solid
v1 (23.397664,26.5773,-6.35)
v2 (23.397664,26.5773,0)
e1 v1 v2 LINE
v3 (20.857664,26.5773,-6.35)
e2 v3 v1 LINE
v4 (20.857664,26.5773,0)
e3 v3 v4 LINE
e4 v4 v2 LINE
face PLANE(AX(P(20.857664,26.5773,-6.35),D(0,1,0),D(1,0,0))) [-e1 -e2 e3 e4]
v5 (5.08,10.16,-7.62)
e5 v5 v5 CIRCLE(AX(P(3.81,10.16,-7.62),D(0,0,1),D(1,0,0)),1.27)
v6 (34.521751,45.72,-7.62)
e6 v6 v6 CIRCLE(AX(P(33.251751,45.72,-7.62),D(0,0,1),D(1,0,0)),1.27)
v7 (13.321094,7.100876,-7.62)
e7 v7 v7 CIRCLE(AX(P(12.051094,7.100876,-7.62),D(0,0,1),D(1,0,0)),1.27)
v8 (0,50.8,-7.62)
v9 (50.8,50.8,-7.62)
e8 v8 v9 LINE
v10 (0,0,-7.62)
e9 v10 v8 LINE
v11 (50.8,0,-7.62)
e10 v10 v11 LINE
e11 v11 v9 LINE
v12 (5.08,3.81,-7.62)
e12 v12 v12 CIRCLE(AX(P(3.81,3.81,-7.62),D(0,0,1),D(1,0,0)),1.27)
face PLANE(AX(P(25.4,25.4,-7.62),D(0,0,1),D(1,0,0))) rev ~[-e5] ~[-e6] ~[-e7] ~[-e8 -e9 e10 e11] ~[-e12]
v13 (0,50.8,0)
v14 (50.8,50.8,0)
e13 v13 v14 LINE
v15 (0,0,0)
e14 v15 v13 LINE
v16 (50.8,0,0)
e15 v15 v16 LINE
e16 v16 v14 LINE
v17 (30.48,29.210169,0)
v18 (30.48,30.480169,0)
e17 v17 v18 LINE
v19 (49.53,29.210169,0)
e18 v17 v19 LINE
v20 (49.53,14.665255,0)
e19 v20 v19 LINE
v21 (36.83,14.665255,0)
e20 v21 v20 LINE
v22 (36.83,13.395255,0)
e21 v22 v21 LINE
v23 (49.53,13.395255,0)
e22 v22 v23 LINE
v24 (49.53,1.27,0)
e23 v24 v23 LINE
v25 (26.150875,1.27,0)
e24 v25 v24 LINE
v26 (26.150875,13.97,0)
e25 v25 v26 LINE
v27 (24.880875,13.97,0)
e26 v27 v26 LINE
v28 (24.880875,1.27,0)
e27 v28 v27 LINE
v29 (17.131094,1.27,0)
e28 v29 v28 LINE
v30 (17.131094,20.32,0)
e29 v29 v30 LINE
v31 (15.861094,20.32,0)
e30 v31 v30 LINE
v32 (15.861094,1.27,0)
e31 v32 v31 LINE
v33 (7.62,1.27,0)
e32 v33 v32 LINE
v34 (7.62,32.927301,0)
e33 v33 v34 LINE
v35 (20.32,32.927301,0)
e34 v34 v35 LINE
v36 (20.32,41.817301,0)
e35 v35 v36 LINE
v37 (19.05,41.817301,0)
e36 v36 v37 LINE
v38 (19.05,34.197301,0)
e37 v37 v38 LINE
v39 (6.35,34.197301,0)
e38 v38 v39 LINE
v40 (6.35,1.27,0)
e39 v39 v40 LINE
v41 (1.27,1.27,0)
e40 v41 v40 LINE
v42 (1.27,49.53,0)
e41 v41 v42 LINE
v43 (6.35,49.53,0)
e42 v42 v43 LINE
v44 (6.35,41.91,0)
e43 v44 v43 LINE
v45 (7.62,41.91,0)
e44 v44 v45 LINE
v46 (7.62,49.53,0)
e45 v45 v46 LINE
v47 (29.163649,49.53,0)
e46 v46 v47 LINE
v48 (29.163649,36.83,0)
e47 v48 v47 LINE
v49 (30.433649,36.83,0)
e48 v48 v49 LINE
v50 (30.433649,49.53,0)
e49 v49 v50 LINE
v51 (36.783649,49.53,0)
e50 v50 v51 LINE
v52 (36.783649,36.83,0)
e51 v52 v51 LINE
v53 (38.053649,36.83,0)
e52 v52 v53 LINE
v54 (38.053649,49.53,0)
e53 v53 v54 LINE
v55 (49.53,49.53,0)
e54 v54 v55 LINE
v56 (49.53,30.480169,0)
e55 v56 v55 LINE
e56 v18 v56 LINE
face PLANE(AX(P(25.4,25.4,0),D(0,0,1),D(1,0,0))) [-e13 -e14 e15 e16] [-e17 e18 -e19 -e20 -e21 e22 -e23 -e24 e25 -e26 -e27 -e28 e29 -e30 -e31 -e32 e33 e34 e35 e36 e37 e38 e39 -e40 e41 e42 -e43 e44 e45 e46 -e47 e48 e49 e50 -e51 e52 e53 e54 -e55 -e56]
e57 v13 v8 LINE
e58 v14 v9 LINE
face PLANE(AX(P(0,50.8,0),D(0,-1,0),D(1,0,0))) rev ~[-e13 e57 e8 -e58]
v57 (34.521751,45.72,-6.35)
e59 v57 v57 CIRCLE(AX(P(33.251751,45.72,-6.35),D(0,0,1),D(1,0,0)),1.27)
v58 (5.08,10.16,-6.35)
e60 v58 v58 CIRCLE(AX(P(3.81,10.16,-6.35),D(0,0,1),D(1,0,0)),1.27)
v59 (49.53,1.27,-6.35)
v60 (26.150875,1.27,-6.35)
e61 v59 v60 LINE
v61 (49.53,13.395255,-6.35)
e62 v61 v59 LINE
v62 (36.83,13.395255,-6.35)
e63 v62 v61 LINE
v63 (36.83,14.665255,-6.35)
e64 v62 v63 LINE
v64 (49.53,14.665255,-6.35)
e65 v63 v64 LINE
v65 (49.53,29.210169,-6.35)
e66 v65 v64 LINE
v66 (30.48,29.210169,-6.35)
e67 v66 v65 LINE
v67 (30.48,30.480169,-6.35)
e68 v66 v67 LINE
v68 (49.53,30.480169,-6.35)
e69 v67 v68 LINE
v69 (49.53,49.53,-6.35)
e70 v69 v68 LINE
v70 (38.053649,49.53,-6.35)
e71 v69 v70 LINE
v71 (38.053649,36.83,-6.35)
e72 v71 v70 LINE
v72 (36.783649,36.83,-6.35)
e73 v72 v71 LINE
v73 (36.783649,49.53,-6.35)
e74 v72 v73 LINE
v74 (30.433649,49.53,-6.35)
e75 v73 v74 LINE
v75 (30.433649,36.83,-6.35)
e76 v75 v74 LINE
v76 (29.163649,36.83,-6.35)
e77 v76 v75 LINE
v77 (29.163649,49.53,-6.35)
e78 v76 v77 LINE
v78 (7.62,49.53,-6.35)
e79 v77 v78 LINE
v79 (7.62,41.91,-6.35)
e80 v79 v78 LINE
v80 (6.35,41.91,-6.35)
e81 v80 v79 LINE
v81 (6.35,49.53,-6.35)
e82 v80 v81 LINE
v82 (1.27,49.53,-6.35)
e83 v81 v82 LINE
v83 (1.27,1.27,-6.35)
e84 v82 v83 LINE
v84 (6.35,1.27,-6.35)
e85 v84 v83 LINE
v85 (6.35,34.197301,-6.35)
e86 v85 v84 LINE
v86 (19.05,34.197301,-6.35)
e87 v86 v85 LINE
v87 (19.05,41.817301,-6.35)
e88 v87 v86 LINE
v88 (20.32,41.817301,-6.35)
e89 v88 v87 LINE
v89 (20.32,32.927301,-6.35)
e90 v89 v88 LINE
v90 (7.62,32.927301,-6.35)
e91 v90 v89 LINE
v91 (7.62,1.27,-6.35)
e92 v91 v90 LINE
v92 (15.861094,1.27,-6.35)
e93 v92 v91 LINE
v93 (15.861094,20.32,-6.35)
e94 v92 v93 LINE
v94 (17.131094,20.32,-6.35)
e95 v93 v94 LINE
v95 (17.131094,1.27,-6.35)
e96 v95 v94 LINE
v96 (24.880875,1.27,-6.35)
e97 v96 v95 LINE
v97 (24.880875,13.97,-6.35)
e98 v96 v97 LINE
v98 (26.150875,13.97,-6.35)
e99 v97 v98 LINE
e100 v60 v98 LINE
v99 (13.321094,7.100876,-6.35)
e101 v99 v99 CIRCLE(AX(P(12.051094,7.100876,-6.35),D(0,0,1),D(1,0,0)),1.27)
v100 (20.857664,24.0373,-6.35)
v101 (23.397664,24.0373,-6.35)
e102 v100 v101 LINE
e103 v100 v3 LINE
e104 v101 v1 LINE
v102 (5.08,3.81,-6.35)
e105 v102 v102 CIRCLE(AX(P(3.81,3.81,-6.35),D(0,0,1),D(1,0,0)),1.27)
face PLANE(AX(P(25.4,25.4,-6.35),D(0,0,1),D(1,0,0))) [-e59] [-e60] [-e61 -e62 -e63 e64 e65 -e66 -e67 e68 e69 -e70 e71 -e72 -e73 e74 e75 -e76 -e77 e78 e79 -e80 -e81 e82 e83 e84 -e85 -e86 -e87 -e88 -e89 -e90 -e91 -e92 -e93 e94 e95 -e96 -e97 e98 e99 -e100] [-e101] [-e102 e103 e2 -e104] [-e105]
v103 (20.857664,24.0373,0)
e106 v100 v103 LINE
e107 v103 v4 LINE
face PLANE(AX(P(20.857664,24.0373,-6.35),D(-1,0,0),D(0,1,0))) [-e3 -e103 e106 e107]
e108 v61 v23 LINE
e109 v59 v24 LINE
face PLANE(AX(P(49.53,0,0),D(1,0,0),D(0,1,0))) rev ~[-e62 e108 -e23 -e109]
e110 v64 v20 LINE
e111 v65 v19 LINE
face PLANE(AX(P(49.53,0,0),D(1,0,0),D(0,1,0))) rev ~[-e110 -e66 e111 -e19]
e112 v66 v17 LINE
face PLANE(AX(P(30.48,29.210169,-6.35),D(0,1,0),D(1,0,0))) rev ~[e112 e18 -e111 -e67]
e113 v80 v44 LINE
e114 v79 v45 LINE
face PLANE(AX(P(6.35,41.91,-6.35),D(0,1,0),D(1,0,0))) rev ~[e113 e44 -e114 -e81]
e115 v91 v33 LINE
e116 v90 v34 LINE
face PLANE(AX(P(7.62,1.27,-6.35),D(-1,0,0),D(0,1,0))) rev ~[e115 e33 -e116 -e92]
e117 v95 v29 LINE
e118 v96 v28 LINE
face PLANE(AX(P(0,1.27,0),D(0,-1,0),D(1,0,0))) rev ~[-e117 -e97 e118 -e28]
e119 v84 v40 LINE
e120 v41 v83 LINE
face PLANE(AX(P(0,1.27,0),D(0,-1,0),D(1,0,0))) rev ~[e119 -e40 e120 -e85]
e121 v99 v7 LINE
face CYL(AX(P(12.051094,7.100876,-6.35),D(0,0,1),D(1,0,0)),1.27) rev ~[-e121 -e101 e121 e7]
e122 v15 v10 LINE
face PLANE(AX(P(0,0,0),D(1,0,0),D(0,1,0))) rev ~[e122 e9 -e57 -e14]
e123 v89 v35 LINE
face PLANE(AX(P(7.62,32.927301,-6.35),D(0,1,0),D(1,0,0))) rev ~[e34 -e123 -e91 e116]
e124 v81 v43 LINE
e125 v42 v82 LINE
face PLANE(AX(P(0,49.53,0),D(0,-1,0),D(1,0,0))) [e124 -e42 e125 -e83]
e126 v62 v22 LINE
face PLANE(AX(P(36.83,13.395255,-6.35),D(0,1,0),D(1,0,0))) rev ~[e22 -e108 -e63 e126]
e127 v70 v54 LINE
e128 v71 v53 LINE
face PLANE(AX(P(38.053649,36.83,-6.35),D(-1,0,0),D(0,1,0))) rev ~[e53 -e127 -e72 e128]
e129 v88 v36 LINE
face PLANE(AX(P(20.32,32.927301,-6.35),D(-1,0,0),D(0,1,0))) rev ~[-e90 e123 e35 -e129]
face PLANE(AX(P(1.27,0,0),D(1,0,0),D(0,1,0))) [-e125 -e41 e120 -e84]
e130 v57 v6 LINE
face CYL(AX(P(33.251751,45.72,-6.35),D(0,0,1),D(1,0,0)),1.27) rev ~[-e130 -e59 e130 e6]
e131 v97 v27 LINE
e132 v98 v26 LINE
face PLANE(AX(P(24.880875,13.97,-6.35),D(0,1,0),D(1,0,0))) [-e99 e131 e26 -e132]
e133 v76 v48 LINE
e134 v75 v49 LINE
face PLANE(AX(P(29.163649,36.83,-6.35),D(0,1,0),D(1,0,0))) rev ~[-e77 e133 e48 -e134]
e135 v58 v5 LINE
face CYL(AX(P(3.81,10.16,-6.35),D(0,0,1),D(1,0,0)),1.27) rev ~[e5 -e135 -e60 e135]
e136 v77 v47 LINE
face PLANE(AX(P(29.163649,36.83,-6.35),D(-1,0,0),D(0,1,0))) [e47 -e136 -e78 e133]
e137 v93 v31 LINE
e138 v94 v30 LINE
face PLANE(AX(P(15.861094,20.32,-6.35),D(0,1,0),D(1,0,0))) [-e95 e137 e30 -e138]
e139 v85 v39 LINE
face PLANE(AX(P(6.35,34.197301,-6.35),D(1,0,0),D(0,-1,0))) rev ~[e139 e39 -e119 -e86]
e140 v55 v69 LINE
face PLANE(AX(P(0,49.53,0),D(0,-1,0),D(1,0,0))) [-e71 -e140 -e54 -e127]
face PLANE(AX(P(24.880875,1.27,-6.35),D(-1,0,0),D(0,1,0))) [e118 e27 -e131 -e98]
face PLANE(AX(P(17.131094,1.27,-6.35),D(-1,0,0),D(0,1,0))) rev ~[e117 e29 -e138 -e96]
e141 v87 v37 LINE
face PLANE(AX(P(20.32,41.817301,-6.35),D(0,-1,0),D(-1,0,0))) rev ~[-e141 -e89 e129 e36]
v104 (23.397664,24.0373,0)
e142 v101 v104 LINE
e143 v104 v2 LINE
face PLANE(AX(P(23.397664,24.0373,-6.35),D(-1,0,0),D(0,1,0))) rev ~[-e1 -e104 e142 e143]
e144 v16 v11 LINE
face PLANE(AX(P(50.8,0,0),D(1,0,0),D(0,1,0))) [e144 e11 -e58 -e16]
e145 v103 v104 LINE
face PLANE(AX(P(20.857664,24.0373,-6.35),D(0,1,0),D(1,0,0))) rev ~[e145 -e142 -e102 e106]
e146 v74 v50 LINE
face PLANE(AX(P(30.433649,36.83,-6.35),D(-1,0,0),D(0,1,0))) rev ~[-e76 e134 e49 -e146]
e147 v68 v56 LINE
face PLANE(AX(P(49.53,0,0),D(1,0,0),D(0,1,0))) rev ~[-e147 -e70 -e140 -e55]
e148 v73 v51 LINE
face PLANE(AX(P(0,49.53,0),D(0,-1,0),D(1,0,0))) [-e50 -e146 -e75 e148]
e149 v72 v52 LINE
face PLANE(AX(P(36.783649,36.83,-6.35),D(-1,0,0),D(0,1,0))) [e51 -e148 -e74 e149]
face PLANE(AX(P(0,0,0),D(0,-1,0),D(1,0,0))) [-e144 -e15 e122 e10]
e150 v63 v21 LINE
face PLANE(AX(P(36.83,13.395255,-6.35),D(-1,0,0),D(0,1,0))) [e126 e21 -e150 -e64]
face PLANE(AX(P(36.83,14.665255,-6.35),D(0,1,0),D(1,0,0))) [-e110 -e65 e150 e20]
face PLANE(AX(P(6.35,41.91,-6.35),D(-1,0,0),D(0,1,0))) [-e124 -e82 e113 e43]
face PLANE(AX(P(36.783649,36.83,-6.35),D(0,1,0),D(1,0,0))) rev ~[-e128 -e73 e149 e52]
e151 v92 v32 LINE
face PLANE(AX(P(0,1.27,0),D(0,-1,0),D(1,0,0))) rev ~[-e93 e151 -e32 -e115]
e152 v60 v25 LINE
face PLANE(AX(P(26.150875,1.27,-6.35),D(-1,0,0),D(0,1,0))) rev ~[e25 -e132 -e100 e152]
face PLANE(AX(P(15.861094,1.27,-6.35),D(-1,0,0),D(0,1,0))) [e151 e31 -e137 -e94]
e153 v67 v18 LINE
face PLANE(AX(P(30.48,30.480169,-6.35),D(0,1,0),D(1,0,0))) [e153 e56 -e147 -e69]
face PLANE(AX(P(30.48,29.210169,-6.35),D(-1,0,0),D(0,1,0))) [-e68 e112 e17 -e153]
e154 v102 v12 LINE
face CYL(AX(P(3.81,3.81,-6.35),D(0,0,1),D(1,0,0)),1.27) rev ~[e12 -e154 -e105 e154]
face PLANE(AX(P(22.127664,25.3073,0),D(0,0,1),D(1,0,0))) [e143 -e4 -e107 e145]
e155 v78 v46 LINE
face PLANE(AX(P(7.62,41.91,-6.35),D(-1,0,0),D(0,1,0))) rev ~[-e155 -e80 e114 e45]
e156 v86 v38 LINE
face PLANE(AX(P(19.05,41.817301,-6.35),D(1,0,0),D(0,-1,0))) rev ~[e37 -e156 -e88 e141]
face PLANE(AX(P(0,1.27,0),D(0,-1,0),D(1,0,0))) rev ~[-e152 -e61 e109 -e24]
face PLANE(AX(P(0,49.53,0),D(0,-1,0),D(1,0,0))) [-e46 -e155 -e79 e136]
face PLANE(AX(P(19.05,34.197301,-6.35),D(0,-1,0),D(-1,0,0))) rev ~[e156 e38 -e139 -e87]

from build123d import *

# Parameters (mm, degrees)
F0_W      = 50.8
F0_H      = 50.8
F1_DEPTH  = 7.62
F2_T      = -1.27
F3_W      = 1.27
F3_H      = 31.657300781
F3_H_2    = 7.62
F3_H_3    = 12.7
F3_W_2    = 19.05
F3_H_4    = 1.27
F3_H_5    = 19.05
F3_W_3    = 12.7
F3_W_4    = 2.54
F3_H_6    = 2.54
F4_DEPTH  = 6.35
F5_R      = 1.27
F6_DEPTH  = 25.4
F7_R      = 1.27
F8_DEPTH  = 25.4
F9_R      = 1.27
F10_DEPTH = 25.4
F11_R     = 1.27
F12_DEPTH = 25.4


with BuildPart() as f1:
    # F0 (on Top) → F1 (new body)
    with BuildSketch(Plane.XY):
        with Locations((25.4, 25.4)):
            Rectangle(F0_W, F0_H)
    extrude(amount=-F1_DEPTH)

    # F2
    f2_openings = [f1.faces().sort_by_distance(p)[0] for p in [
        (25.4, 25.4, 0),
    ]]
    offset(amount=F2_T, openings=f2_openings)

    # F3 (on face) → F4 (join)
    with BuildSketch(Plane.XY.offset(-6.35)):
        with Locations((6.985, 17.0986503905)):
            Rectangle(F3_W, F3_H)
        Polygon((6.35, 34.197300781), (6.35, 32.927300781), (7.62, 32.927300781), (20.32, 32.927300781), (20.32, 41.817300781), (19.05, 41.817300781), (19.05, 34.197300781), align=None)
        with Locations((6.985, 45.72)):
            Rectangle(F3_W, F3_H_2)
        with Locations((29.7986493057, 43.18)):
            Rectangle(F3_W, F3_H_3)
        with Locations((40.005, 29.8451691666)):
            Rectangle(F3_W_2, F3_H_4)
        with Locations((37.4186493057, 43.18)):
            Rectangle(F3_W, F3_H_3)
        with Locations((16.496093998, 10.795)):
            Rectangle(F3_W, F3_H_5)
        with Locations((43.18, 14.0302554315)):
            Rectangle(F3_W_3, F3_H_4)
        with Locations((25.515874902, 7.62)):
            Rectangle(F3_W, F3_H_3)
        with Locations((22.1276638252, 25.3072996777)):
            Rectangle(F3_W_4, F3_H_6)
    extrude(amount=F4_DEPTH)

    # F5 (on face) → F6 (cut)
    with BuildSketch(Plane.XY.offset(-6.35)):
        with Locations((33.2517512143, 45.72)):
            Circle(F5_R)
    extrude(amount=-F6_DEPTH, mode=Mode.SUBTRACT)

    # F7 (on face) → F8 (cut)
    with BuildSketch(Plane.XY.offset(-6.35)):
        with Locations((12.051093998, 7.1008764207)):
            Circle(F7_R)
    extrude(amount=-F8_DEPTH, mode=Mode.SUBTRACT)

    # F9 (on face) → F10 (cut)
    with BuildSketch(Plane.XY.offset(-6.35)):
        with Locations((3.81, 3.81)):
            Circle(F9_R)
    extrude(amount=-F10_DEPTH, mode=Mode.SUBTRACT)

    # F11 (on face) → F12 (cut)
    with BuildSketch(Plane.XY.offset(-6.35)):
        with Locations((3.81, 10.16)):
            Circle(F11_R)
    extrude(amount=-F12_DEPTH, mode=Mode.SUBTRACT)


solid = f1.part
